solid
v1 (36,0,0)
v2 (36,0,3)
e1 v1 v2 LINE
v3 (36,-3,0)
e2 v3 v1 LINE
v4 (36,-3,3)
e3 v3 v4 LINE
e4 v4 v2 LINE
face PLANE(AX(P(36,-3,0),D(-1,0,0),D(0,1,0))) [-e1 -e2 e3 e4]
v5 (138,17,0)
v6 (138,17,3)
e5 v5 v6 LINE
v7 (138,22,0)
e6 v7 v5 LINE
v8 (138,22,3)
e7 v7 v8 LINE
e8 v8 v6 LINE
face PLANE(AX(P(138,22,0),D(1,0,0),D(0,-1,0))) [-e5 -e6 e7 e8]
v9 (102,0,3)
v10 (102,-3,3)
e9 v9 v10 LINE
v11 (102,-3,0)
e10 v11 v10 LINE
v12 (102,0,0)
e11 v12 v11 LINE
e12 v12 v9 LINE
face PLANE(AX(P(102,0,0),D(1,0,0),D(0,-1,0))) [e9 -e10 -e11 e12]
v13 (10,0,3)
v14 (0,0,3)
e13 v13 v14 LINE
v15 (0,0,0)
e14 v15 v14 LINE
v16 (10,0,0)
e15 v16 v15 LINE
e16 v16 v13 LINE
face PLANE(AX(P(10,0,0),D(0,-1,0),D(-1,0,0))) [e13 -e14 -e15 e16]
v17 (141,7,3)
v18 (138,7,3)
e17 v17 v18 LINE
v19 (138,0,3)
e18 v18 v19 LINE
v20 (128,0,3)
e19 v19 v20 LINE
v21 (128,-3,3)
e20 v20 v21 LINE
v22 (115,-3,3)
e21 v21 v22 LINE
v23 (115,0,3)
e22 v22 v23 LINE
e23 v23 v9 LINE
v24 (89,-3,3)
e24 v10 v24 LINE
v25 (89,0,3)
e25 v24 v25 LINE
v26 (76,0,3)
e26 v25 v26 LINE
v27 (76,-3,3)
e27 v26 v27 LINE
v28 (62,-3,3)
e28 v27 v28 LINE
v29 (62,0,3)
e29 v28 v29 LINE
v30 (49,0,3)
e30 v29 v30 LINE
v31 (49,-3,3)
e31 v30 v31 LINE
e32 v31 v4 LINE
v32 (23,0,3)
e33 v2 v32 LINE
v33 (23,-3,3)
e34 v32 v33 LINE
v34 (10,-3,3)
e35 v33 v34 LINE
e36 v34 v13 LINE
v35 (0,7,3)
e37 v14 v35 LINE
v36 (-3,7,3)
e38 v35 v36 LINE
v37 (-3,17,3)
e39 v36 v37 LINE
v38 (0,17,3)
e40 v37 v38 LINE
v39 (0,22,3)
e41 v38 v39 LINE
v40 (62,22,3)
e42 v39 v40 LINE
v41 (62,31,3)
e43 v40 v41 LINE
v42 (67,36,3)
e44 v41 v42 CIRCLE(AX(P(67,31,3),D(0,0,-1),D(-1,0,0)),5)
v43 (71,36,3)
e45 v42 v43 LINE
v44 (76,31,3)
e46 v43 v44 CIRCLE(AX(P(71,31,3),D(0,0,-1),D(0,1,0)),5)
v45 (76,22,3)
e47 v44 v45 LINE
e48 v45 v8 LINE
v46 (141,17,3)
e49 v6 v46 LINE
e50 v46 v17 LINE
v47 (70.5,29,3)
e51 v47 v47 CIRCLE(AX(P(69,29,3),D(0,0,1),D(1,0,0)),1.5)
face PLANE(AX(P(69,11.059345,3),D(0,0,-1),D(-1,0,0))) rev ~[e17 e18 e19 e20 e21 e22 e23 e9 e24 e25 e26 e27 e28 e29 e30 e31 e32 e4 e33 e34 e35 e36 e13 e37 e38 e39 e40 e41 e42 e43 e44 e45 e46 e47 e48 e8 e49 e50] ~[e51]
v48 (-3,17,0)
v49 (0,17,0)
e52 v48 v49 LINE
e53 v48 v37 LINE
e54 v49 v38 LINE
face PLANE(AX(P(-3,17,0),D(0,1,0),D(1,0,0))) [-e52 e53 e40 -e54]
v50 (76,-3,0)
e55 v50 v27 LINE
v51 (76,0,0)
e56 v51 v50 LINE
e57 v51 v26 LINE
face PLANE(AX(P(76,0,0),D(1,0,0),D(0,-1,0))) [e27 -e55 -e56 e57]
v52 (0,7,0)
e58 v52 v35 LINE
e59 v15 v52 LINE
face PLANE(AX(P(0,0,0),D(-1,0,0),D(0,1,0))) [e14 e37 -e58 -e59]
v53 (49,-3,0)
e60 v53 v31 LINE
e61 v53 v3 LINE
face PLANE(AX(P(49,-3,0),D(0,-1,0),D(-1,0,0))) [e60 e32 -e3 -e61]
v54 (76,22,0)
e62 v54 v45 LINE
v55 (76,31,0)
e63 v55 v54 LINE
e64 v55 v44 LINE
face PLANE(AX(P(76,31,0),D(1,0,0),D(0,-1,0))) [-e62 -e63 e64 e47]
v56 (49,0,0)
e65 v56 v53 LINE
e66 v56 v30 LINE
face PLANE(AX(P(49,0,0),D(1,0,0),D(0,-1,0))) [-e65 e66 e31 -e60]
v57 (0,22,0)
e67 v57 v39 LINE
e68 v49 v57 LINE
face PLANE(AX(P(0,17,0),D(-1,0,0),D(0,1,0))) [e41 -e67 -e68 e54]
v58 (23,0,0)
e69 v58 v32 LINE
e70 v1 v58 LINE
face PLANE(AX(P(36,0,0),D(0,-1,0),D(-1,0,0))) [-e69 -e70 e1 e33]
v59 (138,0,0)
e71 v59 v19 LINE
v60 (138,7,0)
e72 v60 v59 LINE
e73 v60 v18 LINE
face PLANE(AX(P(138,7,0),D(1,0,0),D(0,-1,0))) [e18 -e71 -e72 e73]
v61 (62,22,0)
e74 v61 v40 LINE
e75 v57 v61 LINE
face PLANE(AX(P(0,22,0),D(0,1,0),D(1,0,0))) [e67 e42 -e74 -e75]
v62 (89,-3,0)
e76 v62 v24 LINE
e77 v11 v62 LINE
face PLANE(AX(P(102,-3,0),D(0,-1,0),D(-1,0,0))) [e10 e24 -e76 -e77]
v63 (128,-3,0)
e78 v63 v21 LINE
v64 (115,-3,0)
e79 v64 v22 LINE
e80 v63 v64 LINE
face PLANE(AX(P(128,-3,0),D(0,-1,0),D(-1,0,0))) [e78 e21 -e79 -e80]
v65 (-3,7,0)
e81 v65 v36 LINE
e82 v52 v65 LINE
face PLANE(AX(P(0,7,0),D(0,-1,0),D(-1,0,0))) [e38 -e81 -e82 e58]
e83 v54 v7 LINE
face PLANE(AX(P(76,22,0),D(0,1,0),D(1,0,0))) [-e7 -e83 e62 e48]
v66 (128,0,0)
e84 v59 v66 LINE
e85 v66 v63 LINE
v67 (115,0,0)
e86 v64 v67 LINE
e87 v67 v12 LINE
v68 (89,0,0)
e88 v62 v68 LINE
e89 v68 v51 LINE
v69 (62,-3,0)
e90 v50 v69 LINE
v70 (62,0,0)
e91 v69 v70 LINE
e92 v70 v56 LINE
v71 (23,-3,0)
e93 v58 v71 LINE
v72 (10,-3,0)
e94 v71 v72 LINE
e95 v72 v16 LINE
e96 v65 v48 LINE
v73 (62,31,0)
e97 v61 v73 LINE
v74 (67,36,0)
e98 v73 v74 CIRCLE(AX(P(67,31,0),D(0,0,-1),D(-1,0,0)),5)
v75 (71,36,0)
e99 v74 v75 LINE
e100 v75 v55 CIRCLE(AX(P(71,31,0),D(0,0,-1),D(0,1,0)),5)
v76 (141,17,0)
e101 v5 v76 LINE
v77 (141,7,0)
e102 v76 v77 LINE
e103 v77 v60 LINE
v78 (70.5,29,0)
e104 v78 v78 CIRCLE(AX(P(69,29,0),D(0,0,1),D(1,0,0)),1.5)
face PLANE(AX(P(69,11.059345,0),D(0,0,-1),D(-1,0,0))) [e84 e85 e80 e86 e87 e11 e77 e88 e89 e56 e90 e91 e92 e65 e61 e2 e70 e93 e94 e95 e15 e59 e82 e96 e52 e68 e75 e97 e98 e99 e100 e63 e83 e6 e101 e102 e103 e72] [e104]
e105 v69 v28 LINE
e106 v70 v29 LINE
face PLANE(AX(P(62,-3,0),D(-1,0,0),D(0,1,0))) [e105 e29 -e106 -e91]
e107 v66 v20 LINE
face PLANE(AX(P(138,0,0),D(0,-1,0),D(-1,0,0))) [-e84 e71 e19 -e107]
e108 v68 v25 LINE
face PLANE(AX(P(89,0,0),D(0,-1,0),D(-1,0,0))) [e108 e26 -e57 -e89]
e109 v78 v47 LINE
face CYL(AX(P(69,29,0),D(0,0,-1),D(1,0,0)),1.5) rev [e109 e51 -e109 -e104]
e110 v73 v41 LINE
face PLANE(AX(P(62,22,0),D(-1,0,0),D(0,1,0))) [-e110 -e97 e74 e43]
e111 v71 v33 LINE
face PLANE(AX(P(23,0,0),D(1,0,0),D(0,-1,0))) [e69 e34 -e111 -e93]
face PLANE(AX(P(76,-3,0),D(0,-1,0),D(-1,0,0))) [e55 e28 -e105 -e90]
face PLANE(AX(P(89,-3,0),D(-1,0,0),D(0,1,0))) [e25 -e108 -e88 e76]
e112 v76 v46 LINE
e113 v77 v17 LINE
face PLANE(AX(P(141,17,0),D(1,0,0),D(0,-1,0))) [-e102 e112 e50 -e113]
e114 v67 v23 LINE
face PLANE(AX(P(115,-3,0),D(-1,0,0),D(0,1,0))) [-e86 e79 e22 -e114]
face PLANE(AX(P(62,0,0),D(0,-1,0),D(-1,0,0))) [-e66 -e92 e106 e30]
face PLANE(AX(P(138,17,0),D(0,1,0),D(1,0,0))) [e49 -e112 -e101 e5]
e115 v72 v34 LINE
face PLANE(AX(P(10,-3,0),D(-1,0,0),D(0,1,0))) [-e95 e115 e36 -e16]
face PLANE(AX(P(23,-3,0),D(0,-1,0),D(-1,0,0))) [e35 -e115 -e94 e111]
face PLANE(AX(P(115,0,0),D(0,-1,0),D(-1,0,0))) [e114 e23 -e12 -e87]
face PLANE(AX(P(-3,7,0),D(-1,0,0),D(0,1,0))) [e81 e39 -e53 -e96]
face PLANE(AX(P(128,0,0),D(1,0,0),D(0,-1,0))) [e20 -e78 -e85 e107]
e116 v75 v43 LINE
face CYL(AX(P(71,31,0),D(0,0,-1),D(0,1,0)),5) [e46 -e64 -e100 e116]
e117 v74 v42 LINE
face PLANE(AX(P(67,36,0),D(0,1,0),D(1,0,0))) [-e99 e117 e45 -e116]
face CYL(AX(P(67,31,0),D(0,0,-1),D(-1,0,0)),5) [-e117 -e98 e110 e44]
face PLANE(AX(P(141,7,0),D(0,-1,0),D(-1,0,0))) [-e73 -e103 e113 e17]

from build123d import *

# Parameters (mm, degrees)
SKETCH1_R           = 1.5
BOSS_EXTRUDE1_DEPTH = 3


with BuildPart() as part:
    # Sketch1 → Boss-Extrude1 (new body)
    with BuildSketch(Plane.XY):
        with BuildLine():
            Line((0, 17), (0, 22))
            Line((0, 22), (62, 22))
            Line((62, 22), (62, 31))
            ThreePointArc((62, 31), (63.464466094, 34.535533906), (67, 36))
            Line((67, 36), (71, 36))
            ThreePointArc((71, 36), (74.535533906, 34.535533906), (76, 31))
            Line((76, 31), (76, 22))
            Line((76, 22), (138, 22))
            Line((138, 22), (138, 17))
            Line((138, 17), (141, 17))
            Line((141, 17), (141, 7))
            Line((141, 7), (138, 7))
            Line((138, 7), (138, 0))
            Line((138, 0), (128, 0))
            Line((128, 0), (128, -3))
            Line((128, -3), (115, -3))
            Line((115, -3), (115, 0))
            Line((115, 0), (102, 0))
            Line((102, 0), (102, -3))
            Line((102, -3), (89, -3))
            Line((89, -3), (89, 0))
            Line((89, 0), (76, 0))
            Line((76, 0), (76, -3))
            Line((76, -3), (62, -3))
            Line((62, -3), (62, 0))
            Line((62, 0), (49, 0))
            Line((49, 0), (49, -3))
            Line((49, -3), (36, -3))
            Line((36, -3), (36, 0))
            Line((36, 0), (23, 0))
            Line((23, 0), (23, -3))
            Line((23, -3), (10, -3))
            Line((10, -3), (10, 0))
            Line((10, 0), (0, 0))
            Line((0, 0), (0, 7))
            Line((0, 7), (-3, 7))
            Line((-3, 7), (-3, 17))
            Line((-3, 17), (0, 17))
        make_face()
        with Locations((69, 29)):
            Circle(SKETCH1_R, mode=Mode.SUBTRACT)
    extrude(amount=BOSS_EXTRUDE1_DEPTH)


solid = part.part
